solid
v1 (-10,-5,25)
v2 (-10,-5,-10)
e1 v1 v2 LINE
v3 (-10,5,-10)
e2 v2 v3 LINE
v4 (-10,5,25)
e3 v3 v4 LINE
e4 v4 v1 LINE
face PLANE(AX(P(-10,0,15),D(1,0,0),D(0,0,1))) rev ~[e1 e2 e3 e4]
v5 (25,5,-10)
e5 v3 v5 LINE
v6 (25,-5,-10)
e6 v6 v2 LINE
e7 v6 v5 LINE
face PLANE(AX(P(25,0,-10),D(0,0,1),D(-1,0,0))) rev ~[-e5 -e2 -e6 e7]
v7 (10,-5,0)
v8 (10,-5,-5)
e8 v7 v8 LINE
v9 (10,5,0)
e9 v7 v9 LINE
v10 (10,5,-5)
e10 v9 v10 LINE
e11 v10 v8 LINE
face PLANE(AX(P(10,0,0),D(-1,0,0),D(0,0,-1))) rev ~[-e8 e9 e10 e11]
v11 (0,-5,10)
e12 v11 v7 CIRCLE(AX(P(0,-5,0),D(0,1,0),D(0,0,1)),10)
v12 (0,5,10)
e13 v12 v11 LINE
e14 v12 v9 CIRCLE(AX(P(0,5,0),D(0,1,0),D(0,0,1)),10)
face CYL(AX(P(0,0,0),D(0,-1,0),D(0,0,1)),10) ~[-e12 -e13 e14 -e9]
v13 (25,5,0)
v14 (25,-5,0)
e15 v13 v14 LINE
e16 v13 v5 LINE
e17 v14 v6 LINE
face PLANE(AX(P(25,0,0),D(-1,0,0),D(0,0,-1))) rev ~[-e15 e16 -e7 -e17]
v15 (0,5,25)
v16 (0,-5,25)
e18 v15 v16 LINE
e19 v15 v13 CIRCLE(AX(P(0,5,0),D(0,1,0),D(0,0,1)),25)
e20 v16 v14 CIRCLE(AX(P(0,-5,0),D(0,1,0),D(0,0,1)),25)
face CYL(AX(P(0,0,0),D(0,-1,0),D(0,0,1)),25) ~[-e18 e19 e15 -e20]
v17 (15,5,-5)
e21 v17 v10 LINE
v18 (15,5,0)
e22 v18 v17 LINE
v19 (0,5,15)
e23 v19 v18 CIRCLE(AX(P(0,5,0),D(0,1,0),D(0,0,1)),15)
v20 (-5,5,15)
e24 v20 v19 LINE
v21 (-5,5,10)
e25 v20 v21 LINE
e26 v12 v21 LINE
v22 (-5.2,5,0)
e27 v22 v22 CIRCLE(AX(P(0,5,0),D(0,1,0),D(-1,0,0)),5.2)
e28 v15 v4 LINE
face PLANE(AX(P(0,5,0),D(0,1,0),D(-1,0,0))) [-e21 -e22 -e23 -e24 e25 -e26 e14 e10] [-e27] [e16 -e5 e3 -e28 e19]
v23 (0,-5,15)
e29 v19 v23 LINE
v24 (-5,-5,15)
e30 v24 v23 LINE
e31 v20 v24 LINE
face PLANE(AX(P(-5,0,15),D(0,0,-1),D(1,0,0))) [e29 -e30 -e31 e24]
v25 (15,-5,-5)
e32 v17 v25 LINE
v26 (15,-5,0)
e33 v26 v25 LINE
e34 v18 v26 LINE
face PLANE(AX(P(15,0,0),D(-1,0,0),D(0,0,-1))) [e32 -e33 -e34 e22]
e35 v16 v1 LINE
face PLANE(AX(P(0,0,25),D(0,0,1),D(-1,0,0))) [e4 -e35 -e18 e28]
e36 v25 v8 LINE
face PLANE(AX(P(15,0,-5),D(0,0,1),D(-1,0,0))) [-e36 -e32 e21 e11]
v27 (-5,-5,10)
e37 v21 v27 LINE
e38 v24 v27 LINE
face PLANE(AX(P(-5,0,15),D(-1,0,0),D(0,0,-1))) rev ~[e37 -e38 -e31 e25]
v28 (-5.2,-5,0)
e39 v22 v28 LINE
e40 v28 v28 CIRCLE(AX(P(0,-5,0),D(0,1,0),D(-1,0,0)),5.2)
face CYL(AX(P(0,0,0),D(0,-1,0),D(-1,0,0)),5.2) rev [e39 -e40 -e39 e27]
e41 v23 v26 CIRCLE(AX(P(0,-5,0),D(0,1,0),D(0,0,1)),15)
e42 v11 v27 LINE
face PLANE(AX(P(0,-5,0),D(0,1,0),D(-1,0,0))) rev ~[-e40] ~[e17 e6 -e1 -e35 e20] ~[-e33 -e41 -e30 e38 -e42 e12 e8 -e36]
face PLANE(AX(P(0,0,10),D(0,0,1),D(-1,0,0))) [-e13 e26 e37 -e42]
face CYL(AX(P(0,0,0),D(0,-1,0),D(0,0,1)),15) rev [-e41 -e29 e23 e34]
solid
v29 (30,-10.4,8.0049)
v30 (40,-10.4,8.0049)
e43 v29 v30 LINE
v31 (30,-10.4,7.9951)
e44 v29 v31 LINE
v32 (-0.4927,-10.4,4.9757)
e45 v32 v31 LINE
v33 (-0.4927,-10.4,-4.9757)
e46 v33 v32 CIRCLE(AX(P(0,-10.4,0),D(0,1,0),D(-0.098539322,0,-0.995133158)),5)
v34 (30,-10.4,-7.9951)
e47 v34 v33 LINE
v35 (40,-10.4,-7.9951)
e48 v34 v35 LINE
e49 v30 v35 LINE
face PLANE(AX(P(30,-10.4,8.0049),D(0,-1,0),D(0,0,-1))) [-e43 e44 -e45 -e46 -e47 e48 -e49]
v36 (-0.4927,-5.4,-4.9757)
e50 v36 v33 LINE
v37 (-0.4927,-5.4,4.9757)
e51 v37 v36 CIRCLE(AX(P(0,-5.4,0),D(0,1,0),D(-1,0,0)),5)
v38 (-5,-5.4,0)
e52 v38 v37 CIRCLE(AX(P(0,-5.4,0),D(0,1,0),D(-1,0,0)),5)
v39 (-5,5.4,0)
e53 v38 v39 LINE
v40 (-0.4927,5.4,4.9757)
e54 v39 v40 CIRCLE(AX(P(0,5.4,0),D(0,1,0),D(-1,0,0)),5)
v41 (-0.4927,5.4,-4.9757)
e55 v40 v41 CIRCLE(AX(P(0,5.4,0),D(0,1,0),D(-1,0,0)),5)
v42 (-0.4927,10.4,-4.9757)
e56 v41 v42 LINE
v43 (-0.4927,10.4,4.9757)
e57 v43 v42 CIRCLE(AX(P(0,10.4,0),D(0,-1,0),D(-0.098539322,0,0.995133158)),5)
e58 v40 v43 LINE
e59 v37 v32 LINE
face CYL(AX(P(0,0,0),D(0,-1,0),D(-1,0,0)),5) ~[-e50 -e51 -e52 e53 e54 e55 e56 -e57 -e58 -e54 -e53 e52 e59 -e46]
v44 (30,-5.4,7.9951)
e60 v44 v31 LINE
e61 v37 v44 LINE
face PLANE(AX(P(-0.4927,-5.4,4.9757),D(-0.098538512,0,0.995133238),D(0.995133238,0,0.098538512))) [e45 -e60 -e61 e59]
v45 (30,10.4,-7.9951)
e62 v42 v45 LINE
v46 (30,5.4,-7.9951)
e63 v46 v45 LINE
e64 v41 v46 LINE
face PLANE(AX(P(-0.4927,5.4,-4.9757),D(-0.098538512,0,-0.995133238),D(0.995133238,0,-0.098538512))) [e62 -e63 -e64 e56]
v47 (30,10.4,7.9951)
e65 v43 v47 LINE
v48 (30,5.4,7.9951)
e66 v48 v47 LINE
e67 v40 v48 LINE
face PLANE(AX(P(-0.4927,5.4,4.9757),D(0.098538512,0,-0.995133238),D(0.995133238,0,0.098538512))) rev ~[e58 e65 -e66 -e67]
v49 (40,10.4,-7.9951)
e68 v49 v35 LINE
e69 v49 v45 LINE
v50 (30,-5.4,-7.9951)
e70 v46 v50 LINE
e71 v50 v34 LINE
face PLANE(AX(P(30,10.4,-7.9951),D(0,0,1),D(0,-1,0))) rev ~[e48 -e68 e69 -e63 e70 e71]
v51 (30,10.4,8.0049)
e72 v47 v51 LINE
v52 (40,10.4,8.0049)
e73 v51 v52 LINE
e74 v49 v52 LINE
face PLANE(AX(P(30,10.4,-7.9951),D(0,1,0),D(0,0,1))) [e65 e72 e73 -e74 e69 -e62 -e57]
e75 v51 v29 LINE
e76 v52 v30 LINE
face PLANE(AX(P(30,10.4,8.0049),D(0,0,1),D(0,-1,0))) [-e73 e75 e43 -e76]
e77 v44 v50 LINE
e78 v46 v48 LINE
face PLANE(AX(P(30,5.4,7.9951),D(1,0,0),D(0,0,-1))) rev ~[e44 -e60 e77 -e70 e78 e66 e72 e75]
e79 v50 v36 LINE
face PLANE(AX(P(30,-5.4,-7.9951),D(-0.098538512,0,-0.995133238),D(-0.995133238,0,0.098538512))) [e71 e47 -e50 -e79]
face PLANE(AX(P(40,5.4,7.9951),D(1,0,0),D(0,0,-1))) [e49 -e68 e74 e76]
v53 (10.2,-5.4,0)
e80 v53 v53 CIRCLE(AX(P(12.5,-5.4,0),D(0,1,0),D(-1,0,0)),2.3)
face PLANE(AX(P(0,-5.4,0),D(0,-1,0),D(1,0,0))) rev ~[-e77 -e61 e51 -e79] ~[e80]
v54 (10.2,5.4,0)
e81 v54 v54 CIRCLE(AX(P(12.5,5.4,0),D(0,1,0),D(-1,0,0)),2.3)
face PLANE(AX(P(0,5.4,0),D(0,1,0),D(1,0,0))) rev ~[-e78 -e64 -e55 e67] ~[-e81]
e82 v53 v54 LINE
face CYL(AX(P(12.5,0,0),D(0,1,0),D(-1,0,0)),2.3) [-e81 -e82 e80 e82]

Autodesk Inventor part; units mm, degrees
ref_plane "XY Plane" through (0, 0, 0) normal (0, 0, 1) x (1, 0, 0)
sketch "Boceto1" plane through (0, 0, 0) normal (0, 1, 0) x (-1, 0, 0)
  circle A0 centre (0, 0) radius 5
  circle A1 centre (-12.5, 0) radius 2.3
  dimension "d0" = 10
  dimension "d1" = 4.6
extrude "Extrusión1" add sketch "Boceto1" along normal mid plane 10.8
sketch "Boceto2" plane through (0, 5.4, 0) normal (0, 1, 0) x (1, 0, 0)
  circle A0 centre (0, 0) radius 5
  line L0 (30, 0) -> (30, -10)
  line L1 (-0.4927, -4.9757) -> (30, -7.9951)
  line L2 (30, 0) -> (30, 10)
  line L3 (-0.4927, 4.9757) -> (30, 7.9951)
extrude "Extrusión2" add sketch "Boceto2" along normal blind 10
sketch "Boceto3" plane through (0, -5.4, 0) normal (0, -1, 0) x (1, 0, 0)
  line L0 (30, -7.9951) -> (-0.4927, -4.9757) projected
  line L1 (30, 7.9951) -> (30, -7.9951) projected
  line L2 (-0.4927, 4.9757) -> (30, 7.9951) projected
  circle A0 centre (0, 0) radius 5 projected
extrude "Extrusión3" add sketch "Boceto3" along normal blind 10
sketch "Boceto4" plane through (30, 5.4, 7.9951) normal (1, 0, 0) x (0, 0, -1)
  line L0 (0, 0) -> (15.9902, 0) projected
  line L1 (7.9951, 0) -> (7.9951, -5.4) construction
  line L2 (32.9951, 22.3) -> (-17.0049, 22.3)
  line L3 (-17.0049, 22.3) -> (-17.0049, -27.7)
  line L4 (-17.0049, -27.7) -> (32.9951, -27.7)
  line L5 (32.9951, -27.7) -> (32.9951, 22.3)
  line L6 (32.9951, 22.3) -> (-17.0049, -27.7) construction
  line L7 (-17.0049, 22.3) -> (32.9951, -27.7) construction
  point P0 (7.9951, -2.7)
  dimension "d10" = 50
  dimension "d11" = 50
extrude "Extrusión4" add sketch "Boceto4" along normal blind 10
sketch "Boceto5" plane through (30, 5.4, 7.9951) normal (-1, 0, 0) x (0, 0, 1)
  line L0 (-32.9951, -27.7) -> (-32.9951, 22.3) projected
  line L1 (17.0049, 22.3) -> (17.0049, -27.7) projected
  line L2 (-32.9951, -27.7) -> (17.0049, -27.7)
  line L3 (17.0049, -27.7) -> (17.0049, 22.3)
  line L4 (17.0049, 22.3) -> (-32.9951, 22.3)
  line L5 (-32.9951, 22.3) -> (-32.9951, -27.7)
  line L6 (-15.9902, -20.8) -> (0, -20.8) construction
  line L7 (-15.9902, -20.8) -> (0.0098, -20.8)
  line L8 (0.0098, -20.8) -> (0.0098, 10) construction
  line L9 (0.0098, 10) -> (-15.9902, 10) construction
  line L10 (-15.9902, 10) -> (-15.9902, -20.8)
  line L11 (0.0098, -20.8) -> (-15.9902, 10) construction
  line L12 (0.0098, 10) -> (-15.9902, -20.8) construction
  line L13 (0.0098, -15.8) -> (-15.9902, -15.8)
  line L14 (-15.9902, -15.8) -> (-15.9902, 5) construction
  line L15 (-15.9902, 5) -> (0.0098, 5)
  line L16 (0.0098, 5) -> (0.0098, -15.8)
  line L17 (0.0098, -15.8) -> (-15.9902, 5) construction
  line L18 (-15.9902, -15.8) -> (0.0098, 5) construction
  point P0 (-7.9951, -5.4)
  point P1 (17.0049, -27.7)
  point P2 (-32.9951, 22.3)
  point P3 (-7.9902, -5.4)
  dimension "d14" = 50
  dimension "d15" = 50
  dimension "d16" = 16
  dimension "d17" = 30.8
  dimension "d20" = 20.8
extrude "Extrusión5" cut sketch "Boceto5" along normal through all both and the other way through all
sketch "Boceto6" plane through (0, 0, 0) normal (0, 1, 0) x (-1, 0, 0)
  line L0 (-25, -10) -> (25, -10)
  line L1 (-10, 0) -> (-10, -5)
  arc A0 (0, 10) -> (-10, 0) centre (0, 0) ccw
  arc A1 (0, 15) -> (-15, 0) centre (0, 0) ccw
  line L2 (-15, 0) -> (-15, -5)
  arc A2 (0, 25) -> (-25, 0) centre (0, 0) ccw
  line L3 (-25, 0) -> (-25, -10)
  line L4 (-25, -10) -> (0, -10)
  circle A3 centre (0, 0) radius 5.2
  line L5 (0, 10) -> (5, 10)
  line L6 (10, 10) -> (10, 25)
  line L7 (5, 15) -> (0, 15)
  line L8 (0, 25) -> (10, 25)
  line L9 (10, 25) -> (10, 15)
  line L10 (10, 10) -> (10, -10)
  line L11 (10, -10) -> (0, -10)
  line L12 (-15, -5) -> (-10, -5)
  line L13 (5, 15) -> (5, 10)
  point P0 (47.6217, -30.1018)
  dimension "d21" = 20
  dimension "d22" = 25
  dimension "d23" = 10
  dimension "d24" = 10
  dimension "d25" = 10.4
  dimension "d26" = 10
  dimension "d27" = 35
extrude "Extrusión6" add sketch "Boceto6" along normal mid plane 10
properties part number "Pieza2PrimerEslabon_3DPrint"
